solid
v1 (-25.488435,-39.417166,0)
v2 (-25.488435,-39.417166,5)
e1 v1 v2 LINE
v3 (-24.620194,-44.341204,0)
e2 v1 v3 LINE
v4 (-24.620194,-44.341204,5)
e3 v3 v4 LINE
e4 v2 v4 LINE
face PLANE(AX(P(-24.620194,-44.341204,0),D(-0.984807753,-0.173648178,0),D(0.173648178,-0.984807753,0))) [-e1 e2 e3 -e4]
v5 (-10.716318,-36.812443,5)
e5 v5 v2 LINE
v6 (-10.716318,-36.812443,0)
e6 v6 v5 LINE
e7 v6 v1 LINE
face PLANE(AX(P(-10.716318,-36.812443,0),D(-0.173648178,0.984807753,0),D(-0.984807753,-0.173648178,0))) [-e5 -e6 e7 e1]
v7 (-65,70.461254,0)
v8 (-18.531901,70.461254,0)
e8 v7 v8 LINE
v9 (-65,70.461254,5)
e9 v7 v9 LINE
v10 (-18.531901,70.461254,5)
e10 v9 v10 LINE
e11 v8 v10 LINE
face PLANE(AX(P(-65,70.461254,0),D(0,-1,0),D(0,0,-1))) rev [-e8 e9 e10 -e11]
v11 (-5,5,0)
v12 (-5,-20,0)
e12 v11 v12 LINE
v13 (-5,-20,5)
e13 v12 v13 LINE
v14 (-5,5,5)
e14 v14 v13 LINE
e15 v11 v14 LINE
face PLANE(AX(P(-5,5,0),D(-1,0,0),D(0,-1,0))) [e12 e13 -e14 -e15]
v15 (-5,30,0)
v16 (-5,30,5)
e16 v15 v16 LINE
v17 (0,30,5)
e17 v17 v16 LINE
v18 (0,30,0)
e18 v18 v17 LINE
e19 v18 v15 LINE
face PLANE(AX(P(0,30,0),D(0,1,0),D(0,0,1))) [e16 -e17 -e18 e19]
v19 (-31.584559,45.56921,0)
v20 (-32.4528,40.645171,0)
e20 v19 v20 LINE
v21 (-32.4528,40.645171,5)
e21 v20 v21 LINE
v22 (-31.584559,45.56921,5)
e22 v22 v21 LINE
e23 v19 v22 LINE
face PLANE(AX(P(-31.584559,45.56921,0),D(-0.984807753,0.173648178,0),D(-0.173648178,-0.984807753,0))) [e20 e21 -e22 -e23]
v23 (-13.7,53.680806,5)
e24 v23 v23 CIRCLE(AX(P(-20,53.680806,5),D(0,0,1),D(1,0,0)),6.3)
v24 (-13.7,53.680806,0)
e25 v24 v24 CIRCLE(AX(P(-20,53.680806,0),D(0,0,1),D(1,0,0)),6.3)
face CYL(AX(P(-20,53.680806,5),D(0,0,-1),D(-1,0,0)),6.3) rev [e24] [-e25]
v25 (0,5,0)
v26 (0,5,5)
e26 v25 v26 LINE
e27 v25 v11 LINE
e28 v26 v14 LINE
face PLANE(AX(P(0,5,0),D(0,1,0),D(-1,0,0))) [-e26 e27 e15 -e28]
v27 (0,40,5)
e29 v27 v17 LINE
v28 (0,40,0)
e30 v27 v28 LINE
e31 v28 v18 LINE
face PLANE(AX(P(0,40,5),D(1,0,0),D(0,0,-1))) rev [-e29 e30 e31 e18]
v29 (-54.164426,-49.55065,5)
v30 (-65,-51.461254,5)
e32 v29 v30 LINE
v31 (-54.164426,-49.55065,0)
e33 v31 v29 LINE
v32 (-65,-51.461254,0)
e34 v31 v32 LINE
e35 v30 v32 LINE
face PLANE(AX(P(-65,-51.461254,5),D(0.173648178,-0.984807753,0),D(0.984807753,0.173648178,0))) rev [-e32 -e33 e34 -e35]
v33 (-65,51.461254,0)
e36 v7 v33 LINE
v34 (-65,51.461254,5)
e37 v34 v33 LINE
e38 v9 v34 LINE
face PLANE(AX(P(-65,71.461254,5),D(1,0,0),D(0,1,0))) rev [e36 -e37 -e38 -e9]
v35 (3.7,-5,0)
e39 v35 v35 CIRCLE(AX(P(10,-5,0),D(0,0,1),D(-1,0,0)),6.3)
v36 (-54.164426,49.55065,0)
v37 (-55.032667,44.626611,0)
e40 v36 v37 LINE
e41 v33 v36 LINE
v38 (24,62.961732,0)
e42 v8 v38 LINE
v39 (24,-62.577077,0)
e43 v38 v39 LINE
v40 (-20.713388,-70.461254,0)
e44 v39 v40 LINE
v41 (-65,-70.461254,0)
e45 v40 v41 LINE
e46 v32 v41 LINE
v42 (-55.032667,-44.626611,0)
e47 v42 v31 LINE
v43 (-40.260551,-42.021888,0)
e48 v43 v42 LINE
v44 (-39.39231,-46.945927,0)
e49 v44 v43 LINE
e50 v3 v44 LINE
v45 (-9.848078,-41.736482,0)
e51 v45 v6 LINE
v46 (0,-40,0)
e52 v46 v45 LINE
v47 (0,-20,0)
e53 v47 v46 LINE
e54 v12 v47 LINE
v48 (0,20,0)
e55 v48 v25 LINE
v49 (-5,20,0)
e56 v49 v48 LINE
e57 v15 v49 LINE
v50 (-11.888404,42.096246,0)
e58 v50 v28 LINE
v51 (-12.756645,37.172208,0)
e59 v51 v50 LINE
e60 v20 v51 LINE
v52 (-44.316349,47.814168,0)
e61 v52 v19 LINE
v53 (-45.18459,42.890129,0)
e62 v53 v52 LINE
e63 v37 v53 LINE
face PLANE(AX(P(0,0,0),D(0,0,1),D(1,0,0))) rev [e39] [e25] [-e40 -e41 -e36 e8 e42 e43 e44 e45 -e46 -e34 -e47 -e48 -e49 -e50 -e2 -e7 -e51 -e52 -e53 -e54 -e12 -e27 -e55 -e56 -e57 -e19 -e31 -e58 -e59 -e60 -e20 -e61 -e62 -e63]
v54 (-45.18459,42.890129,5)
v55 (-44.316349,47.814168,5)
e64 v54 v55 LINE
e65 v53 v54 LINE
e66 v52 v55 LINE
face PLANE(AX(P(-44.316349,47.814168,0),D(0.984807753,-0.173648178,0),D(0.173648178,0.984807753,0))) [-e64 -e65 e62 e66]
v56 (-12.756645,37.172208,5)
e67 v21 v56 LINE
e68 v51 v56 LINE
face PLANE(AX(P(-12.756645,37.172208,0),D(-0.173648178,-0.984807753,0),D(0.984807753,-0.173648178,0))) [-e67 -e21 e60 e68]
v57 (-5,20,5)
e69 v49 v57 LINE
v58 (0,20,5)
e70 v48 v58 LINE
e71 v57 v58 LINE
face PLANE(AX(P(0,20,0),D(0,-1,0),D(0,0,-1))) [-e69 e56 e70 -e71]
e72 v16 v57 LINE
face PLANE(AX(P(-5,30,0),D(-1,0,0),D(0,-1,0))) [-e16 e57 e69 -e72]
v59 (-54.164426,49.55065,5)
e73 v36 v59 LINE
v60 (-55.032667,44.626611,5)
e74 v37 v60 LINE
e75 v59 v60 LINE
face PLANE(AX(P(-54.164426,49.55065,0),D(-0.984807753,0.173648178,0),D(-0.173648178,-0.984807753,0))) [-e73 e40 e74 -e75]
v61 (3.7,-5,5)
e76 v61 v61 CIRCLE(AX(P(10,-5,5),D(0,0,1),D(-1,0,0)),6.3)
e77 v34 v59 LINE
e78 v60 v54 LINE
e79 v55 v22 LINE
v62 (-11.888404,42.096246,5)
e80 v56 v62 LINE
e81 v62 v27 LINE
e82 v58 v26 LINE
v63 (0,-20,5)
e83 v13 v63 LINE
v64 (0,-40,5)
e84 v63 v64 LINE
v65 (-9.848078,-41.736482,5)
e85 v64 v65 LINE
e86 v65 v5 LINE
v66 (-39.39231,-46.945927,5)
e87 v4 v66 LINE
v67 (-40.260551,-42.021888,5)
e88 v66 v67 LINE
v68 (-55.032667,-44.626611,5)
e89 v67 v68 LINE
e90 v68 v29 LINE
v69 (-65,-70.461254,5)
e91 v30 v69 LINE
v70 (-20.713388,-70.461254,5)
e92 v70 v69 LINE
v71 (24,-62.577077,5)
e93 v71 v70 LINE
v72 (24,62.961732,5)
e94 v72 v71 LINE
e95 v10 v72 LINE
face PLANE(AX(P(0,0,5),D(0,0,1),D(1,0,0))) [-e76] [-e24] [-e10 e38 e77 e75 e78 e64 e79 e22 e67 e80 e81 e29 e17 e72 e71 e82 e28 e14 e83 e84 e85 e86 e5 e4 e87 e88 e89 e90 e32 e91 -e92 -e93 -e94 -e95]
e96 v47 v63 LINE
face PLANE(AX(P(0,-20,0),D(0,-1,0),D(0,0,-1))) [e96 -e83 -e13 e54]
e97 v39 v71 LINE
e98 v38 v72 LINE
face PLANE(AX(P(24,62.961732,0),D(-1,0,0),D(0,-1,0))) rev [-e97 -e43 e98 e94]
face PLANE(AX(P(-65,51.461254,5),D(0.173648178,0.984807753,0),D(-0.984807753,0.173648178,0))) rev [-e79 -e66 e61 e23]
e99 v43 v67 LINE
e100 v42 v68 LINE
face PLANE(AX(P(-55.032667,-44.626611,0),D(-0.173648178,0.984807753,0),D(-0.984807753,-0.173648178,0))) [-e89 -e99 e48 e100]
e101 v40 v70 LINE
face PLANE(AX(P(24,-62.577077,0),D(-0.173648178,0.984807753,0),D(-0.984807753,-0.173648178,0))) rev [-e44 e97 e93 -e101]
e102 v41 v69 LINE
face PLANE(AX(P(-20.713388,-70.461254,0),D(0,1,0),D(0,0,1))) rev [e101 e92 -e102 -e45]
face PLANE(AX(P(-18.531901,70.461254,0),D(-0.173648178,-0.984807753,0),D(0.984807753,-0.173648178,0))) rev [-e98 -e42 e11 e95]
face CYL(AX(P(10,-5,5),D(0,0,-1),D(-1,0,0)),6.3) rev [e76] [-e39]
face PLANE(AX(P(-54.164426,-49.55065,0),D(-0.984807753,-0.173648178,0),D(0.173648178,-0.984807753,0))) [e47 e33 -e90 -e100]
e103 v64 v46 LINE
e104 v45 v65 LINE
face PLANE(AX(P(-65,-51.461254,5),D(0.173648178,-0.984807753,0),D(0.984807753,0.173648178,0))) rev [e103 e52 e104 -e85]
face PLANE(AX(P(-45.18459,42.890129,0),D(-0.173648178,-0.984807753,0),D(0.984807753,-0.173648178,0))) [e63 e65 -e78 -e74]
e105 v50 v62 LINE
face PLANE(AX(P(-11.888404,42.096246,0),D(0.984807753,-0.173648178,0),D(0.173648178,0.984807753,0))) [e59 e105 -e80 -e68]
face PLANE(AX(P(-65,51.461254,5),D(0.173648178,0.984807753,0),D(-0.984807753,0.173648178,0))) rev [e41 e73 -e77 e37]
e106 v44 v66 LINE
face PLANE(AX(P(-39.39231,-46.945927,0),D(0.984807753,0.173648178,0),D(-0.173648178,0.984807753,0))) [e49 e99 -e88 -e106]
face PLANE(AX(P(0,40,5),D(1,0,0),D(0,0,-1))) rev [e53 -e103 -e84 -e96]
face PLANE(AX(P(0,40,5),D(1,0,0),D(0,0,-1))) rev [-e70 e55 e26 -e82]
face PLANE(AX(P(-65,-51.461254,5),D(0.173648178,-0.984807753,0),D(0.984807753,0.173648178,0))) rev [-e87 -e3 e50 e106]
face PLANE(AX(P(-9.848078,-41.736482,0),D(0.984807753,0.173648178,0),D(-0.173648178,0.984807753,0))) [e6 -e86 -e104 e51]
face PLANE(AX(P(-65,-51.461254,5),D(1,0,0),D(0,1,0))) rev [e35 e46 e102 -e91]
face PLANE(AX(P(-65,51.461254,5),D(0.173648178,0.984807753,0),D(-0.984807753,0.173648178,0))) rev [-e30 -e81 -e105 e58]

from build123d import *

# Parameters (mm, degrees)
ESQUISSE1_R             = 6.3
BOSS_EXTRU_1_DEPTH      = 5
ESQUISSE4_W             = 5
ESQUISSE4_H             = 25
ESQUISSE4_H_2           = 10
BOSS_EXTRU_2_DEPTH      = 5
ENL_V_MAT_EXTRU_1_DEPTH = 5


with BuildPart() as part:
    # Esquisse1 → Boss.-Extru.1 (new body)
    with BuildSketch(Plane.XY):
        Polygon((-65, 51.461253746), (0, 40), (0, -40), (-65, -51.461253746), (-65, -71.461253746), (-20.625899742, -71.461253746), (25, -63.416176602), (25, 63.800831685), (-18.444412366, 71.461253746), (-65, 71.461253746), align=None)
        with Locations((-20, 53.680805733)):
            Circle(ESQUISSE1_R, mode=Mode.SUBTRACT)
        with Locations(Location((10, -5, 0), (0, 0, 180))):
            Circle(ESQUISSE1_R, mode=Mode.SUBTRACT)
    extrude(amount=BOSS_EXTRU_1_DEPTH)

    # Esquisse4 → Boss.-Extru.2 (add)
    with BuildSketch(Plane.XY.offset(5)):
        with Locations((-2.5, -7.5)):
            Rectangle(ESQUISSE4_W, ESQUISSE4_H)
        Polygon((-11.888404247, 42.096246426), (-31.584559307, 45.56920998), (-32.452800195, 40.645171215), (-12.756645135, 37.172207661), align=None)
        Polygon((-9.84807753, -41.736481777), (-24.620193825, -44.341204442), (-25.488434714, -39.417165677), (-10.716318418, -36.812443012), align=None)
        with Locations((-2.5, 25)):
            Rectangle(ESQUISSE4_W, ESQUISSE4_H_2)
        Polygon((-54.164426416, -49.550649772), (-39.39231012, -46.945927107), (-40.260551009, -42.021888342), (-55.032667304, -44.626611007), align=None)
        Polygon((-44.316348886, 47.814167995), (-54.164426416, 49.550649772), (-55.032667304, 44.626611007), (-45.184589774, 42.89012923), align=None)
    extrude(amount=-BOSS_EXTRU_2_DEPTH)

    # Esquisse5 → Enlèv. mat.-Extru.1 (cut)
    with BuildSketch(Plane.XY.offset(5)):
        Polygon((-65, 70.461253746), (-18.53190103, 70.461253746), (24, 62.961732054), (24, -62.577076971), (-20.713388405, -70.461253746), (-65, -70.461253746), (-65, -77.148207451), (34.423224657, -77.148207451), (34.423224657, 88.893594993), (-65, 88.893594993), align=None)
    extrude(amount=-ENL_V_MAT_EXTRU_1_DEPTH, mode=Mode.SUBTRACT)


solid = part.part
